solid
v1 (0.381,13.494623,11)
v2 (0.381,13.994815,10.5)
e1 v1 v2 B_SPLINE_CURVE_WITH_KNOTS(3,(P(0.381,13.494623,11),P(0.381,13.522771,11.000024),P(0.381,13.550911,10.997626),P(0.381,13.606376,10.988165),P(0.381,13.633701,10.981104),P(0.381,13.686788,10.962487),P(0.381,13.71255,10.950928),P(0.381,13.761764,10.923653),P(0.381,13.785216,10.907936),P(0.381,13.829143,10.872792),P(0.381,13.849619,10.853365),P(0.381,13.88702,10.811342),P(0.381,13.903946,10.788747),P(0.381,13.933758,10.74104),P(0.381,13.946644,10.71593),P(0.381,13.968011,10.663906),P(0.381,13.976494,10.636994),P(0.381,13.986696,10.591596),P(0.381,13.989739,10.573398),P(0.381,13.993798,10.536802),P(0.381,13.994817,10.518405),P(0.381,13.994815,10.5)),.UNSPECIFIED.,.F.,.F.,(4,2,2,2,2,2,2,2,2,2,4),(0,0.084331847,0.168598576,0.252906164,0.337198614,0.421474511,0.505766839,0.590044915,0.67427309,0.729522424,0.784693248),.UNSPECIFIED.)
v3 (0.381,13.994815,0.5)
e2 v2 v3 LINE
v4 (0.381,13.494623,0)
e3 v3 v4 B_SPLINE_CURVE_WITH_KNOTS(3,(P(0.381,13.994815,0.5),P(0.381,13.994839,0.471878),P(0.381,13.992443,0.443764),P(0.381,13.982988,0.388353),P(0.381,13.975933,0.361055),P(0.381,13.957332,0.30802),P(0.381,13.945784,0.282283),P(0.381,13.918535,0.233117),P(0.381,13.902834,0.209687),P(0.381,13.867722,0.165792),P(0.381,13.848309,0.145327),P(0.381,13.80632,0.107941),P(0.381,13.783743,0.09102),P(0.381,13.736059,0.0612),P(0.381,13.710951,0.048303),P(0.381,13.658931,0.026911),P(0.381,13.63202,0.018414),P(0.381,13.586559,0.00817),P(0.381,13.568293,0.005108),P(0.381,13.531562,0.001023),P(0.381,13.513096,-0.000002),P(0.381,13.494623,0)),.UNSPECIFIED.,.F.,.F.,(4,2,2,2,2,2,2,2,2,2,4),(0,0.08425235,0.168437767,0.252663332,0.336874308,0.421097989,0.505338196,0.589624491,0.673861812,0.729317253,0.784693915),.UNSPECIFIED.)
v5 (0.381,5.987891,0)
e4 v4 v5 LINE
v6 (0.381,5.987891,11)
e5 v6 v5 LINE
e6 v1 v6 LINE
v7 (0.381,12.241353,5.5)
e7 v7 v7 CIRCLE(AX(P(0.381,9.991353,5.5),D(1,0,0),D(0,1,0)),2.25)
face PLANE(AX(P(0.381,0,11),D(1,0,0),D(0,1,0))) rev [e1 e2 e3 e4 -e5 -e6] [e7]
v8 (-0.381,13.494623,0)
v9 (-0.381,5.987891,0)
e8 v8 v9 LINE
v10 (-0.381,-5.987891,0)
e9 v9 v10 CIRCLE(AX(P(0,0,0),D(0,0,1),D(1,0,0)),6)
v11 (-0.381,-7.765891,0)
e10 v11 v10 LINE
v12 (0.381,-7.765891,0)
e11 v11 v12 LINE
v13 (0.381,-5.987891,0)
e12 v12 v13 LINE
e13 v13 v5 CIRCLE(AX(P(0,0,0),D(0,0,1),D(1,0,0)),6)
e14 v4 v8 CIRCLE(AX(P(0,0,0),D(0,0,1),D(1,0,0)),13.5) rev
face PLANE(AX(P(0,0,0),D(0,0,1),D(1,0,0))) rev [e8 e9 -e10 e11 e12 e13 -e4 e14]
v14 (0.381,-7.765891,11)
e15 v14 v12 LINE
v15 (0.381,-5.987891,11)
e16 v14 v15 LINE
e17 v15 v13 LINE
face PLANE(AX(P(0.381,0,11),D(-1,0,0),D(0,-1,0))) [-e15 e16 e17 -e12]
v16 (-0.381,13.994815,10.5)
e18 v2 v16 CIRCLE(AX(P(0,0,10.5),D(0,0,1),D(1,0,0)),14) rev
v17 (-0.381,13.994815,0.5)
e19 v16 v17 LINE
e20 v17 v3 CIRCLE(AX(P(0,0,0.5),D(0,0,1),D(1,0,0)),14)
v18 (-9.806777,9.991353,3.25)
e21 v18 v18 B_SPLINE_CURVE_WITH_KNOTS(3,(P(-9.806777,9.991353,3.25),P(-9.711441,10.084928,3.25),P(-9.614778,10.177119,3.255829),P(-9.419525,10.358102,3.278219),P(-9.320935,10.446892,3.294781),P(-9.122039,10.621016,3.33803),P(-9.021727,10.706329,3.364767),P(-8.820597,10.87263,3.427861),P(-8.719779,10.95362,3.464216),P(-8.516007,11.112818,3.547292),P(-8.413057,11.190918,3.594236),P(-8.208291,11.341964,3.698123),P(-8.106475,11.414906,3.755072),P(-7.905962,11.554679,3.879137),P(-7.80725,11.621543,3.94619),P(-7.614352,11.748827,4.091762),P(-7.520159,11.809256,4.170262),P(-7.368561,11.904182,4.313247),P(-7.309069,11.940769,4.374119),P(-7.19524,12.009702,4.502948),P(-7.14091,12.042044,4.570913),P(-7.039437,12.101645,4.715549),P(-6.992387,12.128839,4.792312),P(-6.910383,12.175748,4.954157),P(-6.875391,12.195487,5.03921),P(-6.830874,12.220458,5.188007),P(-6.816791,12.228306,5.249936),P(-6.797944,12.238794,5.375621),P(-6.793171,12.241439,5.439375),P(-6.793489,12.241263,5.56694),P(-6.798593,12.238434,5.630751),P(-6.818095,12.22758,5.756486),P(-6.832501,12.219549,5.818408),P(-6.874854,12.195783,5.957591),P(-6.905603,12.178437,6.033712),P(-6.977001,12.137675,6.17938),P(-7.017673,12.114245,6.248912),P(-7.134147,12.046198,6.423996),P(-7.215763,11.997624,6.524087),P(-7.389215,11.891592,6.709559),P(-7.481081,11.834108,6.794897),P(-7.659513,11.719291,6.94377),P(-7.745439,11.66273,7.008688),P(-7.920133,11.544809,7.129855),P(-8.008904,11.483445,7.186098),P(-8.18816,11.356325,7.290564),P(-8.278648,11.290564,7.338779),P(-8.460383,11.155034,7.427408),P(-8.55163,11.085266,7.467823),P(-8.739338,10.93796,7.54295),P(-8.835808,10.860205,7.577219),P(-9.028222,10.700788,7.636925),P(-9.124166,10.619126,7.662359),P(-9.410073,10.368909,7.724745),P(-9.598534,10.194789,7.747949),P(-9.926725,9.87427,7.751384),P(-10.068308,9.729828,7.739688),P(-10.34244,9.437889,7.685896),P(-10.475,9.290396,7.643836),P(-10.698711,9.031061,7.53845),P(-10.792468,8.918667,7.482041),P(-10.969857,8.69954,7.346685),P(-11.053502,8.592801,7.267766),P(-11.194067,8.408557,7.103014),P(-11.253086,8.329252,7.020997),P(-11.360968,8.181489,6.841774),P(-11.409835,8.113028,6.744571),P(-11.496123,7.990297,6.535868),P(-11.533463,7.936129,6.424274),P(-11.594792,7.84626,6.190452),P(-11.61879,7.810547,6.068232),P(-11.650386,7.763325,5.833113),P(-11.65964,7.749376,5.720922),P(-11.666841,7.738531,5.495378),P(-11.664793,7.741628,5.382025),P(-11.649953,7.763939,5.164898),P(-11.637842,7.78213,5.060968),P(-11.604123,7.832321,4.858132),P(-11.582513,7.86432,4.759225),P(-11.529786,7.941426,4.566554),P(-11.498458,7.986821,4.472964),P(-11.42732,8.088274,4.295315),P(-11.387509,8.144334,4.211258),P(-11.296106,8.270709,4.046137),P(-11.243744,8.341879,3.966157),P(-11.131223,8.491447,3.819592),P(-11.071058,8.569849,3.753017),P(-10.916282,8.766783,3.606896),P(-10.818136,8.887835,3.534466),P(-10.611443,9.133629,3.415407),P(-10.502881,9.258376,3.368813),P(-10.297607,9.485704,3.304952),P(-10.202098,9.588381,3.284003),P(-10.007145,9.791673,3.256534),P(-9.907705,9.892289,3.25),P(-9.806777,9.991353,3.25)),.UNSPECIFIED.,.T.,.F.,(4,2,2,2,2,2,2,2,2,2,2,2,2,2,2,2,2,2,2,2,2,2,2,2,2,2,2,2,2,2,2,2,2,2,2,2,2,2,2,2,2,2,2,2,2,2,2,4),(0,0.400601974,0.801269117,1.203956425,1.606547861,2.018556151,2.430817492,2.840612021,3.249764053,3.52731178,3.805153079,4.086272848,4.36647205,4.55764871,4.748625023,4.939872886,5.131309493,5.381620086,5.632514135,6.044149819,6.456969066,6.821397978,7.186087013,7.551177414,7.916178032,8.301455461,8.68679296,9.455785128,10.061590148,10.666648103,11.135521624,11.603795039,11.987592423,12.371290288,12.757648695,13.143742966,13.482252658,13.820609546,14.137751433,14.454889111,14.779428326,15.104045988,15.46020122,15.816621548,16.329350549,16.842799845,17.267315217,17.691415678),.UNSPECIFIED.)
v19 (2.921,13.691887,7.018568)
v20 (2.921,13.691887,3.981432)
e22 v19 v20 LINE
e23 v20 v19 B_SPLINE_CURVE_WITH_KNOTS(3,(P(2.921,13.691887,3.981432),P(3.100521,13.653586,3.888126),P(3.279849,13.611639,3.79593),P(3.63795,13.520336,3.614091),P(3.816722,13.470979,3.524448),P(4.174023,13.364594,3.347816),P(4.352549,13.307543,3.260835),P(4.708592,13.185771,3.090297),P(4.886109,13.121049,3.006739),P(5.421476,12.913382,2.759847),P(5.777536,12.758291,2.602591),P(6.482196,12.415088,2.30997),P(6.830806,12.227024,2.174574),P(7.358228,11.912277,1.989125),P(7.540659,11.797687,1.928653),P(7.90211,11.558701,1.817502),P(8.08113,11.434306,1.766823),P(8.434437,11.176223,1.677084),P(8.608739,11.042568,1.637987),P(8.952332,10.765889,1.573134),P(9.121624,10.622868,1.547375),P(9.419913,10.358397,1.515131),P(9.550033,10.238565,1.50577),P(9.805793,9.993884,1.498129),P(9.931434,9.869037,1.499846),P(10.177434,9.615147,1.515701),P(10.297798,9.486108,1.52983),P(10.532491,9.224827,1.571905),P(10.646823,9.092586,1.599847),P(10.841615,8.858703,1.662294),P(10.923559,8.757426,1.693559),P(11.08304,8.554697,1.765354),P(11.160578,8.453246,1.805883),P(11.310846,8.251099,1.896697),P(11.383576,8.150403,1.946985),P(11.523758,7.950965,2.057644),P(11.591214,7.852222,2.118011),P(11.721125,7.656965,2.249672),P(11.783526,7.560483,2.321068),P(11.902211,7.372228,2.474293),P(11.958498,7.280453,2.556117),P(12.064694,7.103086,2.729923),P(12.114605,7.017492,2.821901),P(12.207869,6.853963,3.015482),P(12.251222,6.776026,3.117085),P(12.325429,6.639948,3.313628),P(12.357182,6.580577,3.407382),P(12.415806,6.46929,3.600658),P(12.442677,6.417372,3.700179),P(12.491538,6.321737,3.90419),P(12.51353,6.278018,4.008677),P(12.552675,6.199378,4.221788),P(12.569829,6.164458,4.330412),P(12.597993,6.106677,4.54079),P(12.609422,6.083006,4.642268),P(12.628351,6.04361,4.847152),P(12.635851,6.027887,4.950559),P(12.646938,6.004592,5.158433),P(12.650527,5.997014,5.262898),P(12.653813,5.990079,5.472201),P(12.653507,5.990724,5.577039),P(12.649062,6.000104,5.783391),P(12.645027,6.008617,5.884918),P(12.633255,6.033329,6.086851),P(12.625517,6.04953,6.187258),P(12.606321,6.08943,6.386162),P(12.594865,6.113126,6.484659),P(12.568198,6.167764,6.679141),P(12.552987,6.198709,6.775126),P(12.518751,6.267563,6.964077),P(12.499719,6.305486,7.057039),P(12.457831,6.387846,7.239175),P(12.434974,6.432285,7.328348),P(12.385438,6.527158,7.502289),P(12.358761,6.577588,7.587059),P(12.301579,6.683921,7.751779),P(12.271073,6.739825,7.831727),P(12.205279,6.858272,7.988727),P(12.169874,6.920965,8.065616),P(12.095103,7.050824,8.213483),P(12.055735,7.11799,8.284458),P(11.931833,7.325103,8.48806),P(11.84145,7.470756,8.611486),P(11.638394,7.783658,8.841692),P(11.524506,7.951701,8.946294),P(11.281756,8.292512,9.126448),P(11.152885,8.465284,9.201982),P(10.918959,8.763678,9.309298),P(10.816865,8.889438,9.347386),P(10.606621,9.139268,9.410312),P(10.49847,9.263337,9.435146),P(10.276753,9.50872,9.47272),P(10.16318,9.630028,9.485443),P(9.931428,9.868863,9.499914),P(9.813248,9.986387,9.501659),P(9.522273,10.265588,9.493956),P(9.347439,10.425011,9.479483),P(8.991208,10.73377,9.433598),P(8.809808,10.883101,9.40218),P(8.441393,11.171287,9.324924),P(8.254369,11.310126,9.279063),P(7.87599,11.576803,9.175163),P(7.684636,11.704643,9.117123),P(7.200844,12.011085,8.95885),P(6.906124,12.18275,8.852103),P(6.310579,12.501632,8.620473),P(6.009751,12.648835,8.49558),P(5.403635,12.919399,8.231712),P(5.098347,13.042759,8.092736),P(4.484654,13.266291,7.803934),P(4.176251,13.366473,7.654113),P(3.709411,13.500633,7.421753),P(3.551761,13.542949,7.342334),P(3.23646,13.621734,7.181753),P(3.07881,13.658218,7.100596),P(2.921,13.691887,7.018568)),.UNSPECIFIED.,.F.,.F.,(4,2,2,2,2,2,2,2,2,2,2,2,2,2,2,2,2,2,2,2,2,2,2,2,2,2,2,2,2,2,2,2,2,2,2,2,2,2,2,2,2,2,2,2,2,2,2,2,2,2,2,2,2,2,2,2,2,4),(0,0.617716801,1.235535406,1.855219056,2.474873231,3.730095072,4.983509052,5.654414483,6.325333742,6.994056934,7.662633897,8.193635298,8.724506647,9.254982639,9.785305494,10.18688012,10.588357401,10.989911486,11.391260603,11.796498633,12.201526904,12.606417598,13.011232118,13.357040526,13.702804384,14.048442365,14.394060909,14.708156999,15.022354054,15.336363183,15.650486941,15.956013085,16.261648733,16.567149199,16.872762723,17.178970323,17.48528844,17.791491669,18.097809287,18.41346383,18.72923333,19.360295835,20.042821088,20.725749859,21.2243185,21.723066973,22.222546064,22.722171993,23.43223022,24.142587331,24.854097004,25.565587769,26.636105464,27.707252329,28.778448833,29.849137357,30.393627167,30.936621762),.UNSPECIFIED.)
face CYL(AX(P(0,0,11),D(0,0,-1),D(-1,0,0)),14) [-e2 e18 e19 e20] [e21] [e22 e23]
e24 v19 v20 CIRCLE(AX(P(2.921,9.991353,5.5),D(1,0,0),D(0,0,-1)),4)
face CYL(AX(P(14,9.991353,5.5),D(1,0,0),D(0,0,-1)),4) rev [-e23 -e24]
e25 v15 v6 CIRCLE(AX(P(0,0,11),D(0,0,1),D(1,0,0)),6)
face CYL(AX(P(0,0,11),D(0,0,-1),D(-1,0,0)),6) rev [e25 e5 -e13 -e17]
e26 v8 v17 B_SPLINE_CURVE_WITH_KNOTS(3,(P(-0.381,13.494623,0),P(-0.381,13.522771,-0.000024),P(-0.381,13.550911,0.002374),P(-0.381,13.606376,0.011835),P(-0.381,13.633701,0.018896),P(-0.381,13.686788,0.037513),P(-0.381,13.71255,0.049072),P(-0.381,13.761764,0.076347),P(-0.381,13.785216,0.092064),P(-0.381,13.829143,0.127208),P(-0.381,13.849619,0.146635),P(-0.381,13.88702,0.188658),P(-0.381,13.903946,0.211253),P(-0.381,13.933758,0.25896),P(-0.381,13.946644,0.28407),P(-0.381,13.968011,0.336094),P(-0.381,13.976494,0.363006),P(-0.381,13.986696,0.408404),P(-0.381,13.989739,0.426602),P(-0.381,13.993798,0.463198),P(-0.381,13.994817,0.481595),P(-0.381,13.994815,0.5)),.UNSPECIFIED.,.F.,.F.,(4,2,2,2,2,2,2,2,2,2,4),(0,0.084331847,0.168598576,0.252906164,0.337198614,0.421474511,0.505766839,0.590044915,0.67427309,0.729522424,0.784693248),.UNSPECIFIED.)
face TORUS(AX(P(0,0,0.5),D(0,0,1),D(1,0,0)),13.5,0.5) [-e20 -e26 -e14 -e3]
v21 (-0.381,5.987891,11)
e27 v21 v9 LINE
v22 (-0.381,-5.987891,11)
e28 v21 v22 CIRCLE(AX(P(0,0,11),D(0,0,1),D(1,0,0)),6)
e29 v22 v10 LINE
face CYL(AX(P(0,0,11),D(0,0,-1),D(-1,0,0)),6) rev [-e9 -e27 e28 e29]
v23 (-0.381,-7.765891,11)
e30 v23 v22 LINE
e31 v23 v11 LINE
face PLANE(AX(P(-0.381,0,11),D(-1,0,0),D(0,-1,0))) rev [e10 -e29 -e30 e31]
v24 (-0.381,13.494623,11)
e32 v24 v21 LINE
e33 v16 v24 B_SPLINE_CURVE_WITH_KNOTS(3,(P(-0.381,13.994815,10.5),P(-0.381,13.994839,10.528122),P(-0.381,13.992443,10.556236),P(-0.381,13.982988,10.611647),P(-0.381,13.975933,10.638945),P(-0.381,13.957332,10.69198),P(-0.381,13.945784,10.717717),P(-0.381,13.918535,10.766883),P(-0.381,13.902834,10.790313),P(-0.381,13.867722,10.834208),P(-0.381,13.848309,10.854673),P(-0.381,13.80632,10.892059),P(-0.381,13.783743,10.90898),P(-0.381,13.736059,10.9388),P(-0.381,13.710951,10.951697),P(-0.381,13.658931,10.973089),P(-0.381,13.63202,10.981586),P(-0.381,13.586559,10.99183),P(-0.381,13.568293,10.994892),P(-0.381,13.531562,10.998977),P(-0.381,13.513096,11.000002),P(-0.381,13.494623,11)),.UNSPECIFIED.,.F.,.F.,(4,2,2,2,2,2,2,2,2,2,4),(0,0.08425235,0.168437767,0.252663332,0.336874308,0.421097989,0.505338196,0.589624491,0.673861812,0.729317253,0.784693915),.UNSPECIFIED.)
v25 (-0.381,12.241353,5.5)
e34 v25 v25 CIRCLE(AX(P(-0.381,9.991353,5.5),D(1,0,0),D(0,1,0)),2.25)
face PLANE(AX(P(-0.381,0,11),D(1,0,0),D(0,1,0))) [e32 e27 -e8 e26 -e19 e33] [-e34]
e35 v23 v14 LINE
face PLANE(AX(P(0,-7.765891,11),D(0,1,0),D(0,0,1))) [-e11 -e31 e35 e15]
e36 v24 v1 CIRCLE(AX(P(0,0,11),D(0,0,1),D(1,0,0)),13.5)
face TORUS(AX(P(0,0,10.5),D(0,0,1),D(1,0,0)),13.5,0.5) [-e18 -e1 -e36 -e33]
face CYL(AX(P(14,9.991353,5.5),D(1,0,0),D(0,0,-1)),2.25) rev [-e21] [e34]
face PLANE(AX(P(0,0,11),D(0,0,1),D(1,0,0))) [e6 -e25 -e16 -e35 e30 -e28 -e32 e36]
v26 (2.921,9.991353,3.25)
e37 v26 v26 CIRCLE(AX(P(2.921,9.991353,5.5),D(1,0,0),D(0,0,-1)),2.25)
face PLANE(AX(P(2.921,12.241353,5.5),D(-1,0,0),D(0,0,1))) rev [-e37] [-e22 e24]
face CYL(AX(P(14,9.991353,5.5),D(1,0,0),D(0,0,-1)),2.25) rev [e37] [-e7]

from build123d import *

# Parameters (mm, degrees)
BOSS_EXTRUDE1_DEPTH            = 11
CBORE_FOR_M4_SHCS2_D           = 4.5
CBORE_FOR_M4_SHCS2_CBORE_D     = 8
CBORE_FOR_M4_SHCS2_CBORE_DEPTH = 11.079
FILLET1_R                      = 0.5


with BuildPart() as part:
    # Sketch1 → Boss-Extrude1 (new body)
    with BuildSketch(Plane.XY):
        with BuildLine():
            ThreePointArc((0.381, 5.987891031), (3.163547137, 5.098231998), (5.196152423, 3))
            ThreePointArc((5.196152423, 3), (5.795554958, 1.552914271), (6, 0))
            ThreePointArc((6, 0), (5.795554958, -1.552914271), (5.196152423, -3))
            ThreePointArc((5.196152423, -3), (3.163547137, -5.098231998), (0.381, -5.987891031))
            Line((0.381, -5.987891031), (0.381, -7.765891031))
            Line((0.381, -7.765891031), (-0.381, -7.765891031))
            Line((-0.381, -7.765891031), (-0.381, -5.987891031))
            ThreePointArc((-0.381, -5.987891031), (-6, 0), (-0.381, 5.987891031))
            Line((-0.381, 5.987891031), (-0.381, 13.994814718))
            ThreePointArc((-0.381, 13.994814718), (-9.763861941, -10.033294574), (14, 0))
            ThreePointArc((14, 0), (10.033294574, 9.763861941), (0.381, 13.994814718))
            Line((0.381, 13.994814718), (0.381, 5.987891031))
        make_face()
    extrude(amount=BOSS_EXTRUDE1_DEPTH)

    # CBORE for M4 SHCS2 (through all)
    with Locations(Plane(origin=(14, 0, 0), x_dir=(0, 0, 1), z_dir=(1, 0, 0))):
        with Locations((5.5, -9.991352875)):
            CounterBoreHole(CBORE_FOR_M4_SHCS2_D / 2, CBORE_FOR_M4_SHCS2_CBORE_D / 2, CBORE_FOR_M4_SHCS2_CBORE_DEPTH)

    # Fillet1
    fillet1_edges = [part.edges().sort_by_distance(p)[0] for p in [
        (-9.763861941, -10.033294574, 11),
        (-9.763861941, -10.033294574, 0),
    ]]
    fillet(fillet1_edges, radius=FILLET1_R)


solid = part.part
